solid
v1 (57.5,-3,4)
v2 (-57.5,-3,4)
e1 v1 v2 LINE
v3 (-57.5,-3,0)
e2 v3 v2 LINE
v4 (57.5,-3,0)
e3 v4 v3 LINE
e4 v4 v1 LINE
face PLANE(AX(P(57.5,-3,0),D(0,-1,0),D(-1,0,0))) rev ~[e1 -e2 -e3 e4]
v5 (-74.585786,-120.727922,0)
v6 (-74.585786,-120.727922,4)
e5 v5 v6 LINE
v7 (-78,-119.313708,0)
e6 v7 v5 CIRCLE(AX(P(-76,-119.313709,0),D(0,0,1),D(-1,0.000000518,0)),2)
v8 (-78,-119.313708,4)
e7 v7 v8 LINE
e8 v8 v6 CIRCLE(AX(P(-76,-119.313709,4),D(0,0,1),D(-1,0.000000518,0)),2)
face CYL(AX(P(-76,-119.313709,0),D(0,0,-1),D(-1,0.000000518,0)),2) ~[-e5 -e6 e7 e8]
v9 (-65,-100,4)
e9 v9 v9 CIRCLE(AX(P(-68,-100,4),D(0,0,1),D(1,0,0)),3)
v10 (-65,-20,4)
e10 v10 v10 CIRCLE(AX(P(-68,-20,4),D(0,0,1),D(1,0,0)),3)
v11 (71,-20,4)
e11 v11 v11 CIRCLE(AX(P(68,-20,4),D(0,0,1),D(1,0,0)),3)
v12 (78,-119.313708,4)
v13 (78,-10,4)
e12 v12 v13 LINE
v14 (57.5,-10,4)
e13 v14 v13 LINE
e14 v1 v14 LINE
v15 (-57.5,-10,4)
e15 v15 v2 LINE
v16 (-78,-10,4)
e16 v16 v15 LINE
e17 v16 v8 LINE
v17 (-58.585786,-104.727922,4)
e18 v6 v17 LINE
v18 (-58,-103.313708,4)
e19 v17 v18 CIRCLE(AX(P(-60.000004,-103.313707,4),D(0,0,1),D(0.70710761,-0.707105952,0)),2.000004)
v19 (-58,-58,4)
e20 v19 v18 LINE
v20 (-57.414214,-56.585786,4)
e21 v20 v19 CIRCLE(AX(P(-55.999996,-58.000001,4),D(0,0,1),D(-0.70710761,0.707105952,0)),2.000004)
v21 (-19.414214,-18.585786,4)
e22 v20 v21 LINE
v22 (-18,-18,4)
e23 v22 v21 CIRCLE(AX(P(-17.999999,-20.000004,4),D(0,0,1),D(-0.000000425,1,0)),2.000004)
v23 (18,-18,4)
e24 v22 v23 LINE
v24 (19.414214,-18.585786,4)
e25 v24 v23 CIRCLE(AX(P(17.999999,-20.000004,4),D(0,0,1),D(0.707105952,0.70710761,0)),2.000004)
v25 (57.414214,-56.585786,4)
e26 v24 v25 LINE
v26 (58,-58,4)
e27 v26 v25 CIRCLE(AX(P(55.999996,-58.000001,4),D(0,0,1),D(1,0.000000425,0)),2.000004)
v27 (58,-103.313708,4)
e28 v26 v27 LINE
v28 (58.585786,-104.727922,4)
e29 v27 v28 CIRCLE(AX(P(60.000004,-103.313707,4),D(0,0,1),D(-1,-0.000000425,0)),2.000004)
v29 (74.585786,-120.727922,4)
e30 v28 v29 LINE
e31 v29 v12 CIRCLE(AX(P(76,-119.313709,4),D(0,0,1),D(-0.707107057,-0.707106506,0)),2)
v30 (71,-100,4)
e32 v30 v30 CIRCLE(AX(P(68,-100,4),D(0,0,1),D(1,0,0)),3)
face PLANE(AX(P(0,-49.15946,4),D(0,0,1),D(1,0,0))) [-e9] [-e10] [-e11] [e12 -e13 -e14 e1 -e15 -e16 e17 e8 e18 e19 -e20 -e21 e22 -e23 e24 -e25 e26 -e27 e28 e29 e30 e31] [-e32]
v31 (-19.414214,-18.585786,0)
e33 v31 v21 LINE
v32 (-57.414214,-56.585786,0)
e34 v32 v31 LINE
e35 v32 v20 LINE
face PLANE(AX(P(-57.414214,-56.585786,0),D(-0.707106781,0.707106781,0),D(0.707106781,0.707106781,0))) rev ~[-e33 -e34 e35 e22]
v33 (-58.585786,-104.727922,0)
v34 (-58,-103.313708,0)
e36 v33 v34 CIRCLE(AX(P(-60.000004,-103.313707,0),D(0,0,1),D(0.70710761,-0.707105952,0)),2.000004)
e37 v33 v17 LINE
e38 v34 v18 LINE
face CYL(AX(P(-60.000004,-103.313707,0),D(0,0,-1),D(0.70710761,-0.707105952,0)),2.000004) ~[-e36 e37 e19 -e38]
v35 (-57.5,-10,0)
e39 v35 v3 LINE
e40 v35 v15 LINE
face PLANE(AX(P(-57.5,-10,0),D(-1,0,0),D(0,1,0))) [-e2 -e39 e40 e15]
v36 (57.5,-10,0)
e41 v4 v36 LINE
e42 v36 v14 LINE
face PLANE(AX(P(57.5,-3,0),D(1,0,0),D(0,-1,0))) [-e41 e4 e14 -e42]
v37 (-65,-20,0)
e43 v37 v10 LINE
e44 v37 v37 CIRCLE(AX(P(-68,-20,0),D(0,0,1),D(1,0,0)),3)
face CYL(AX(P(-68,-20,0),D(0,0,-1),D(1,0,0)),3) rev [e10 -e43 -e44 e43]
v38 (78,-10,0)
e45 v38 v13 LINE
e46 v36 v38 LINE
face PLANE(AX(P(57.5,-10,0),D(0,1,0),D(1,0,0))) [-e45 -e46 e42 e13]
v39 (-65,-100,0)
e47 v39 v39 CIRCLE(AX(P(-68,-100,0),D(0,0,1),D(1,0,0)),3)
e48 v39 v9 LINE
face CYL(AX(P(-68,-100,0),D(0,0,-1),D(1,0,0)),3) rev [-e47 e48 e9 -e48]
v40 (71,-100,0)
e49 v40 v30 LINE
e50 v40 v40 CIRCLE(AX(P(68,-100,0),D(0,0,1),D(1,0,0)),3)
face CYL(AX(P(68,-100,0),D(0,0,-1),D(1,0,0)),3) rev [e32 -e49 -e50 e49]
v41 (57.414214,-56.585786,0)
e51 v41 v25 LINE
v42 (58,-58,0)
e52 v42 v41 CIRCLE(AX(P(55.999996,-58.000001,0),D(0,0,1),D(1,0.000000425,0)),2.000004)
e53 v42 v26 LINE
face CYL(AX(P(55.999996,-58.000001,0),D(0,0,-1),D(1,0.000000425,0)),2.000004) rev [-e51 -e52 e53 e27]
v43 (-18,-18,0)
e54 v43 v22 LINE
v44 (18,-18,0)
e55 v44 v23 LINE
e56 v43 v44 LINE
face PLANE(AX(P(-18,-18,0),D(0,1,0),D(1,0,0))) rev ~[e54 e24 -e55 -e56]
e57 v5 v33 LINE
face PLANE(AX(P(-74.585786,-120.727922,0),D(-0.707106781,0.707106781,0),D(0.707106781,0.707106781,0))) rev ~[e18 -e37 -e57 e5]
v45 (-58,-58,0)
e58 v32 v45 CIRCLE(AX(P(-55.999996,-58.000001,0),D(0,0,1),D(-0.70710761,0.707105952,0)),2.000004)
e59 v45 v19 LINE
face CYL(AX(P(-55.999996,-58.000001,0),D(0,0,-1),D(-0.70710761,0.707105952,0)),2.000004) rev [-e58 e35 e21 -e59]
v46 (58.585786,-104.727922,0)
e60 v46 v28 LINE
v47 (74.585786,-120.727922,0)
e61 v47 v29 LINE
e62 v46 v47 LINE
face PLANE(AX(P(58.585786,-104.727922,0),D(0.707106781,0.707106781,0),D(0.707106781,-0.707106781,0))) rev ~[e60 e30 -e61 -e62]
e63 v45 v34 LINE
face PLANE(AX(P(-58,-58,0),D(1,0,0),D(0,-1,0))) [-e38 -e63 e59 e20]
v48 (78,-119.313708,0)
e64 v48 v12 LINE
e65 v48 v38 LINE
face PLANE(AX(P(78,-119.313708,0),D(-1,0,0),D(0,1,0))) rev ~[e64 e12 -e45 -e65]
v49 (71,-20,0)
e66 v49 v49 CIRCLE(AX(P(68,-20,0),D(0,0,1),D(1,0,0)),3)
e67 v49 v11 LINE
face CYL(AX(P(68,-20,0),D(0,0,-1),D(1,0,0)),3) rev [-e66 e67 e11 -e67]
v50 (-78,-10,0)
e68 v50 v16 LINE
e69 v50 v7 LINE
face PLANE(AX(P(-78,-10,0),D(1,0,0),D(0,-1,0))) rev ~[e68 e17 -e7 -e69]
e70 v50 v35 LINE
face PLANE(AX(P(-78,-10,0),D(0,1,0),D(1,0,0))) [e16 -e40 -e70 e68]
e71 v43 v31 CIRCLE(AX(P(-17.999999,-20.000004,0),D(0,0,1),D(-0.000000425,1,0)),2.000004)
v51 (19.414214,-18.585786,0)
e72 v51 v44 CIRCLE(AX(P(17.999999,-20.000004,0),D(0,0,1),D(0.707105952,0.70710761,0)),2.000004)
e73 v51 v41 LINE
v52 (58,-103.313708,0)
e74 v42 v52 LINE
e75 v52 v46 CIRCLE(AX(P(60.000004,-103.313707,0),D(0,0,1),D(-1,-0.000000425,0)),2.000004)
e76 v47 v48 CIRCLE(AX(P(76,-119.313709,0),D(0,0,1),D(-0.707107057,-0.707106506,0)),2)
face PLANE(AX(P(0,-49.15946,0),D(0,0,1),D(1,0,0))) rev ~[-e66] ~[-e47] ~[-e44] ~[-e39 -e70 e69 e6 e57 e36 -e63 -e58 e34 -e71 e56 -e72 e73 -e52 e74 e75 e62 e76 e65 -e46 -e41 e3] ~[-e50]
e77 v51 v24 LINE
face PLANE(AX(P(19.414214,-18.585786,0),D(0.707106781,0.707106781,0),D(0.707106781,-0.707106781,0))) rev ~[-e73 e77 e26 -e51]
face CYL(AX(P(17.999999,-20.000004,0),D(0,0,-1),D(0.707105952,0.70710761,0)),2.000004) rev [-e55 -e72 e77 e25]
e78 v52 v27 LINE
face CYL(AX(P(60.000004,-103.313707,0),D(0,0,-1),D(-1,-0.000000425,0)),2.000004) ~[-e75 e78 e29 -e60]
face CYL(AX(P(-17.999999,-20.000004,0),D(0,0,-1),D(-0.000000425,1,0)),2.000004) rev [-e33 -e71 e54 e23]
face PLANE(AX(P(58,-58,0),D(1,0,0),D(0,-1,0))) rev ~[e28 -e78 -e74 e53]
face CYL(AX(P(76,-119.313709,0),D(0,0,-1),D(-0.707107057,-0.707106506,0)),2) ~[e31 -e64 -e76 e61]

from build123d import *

# Parameters (mm, degrees)
SKETCH_R  = 3
PAD_DEPTH = 4


with BuildPart() as part:
    # Sketch → Pad (new body)
    with BuildSketch(Plane.XY):
        with BuildLine():
            Line((-78, -10), (-78, -119.313708))
            ThreePointArc((-78, -119.313708), (-76.765367, -121.161468), (-74.585786, -120.727922))
            Line((-74.585786, -120.727922), (-58.585786, -104.727922))
            ThreePointArc((-58.585786, -104.727922), (-58.152241, -104.079075), (-58, -103.313708))
            Line((-58, -58), (-58, -103.313708))
            ThreePointArc((-57.414214, -56.585786), (-57.847759, -57.234633), (-58, -58))
            Line((-57.414214, -56.585786), (-19.414214, -18.585786))
            ThreePointArc((-18, -18), (-18.765367, -18.152241), (-19.414214, -18.585786))
            Line((-18, -18), (18, -18))
            ThreePointArc((19.414214, -18.585786), (18.765367, -18.152241), (18, -18))
            Line((19.414214, -18.585786), (57.414214, -56.585786))
            ThreePointArc((58, -58), (57.847759, -57.234633), (57.414214, -56.585786))
            Line((58, -58), (58, -103.313708))
            ThreePointArc((58, -103.313708), (58.152241, -104.079075), (58.585786, -104.727922))
            Line((58.585786, -104.727922), (74.585786, -120.727922))
            ThreePointArc((74.585786, -120.727922), (76.765367, -121.161468), (78, -119.313708))
            Line((78, -119.313708), (78, -10))
            Line((57.5, -10), (78, -10))
            Line((57.5, -3), (57.5, -10))
            Line((57.5, -3), (-57.5, -3))
            Line((-57.5, -10), (-57.5, -3))
            Line((-78, -10), (-57.5, -10))
        make_face()
        with Locations((-68, -100)):
            Circle(SKETCH_R, mode=Mode.SUBTRACT)
        with Locations((68, -100)):
            Circle(SKETCH_R, mode=Mode.SUBTRACT)
        with Locations((-68, -20)):
            Circle(SKETCH_R, mode=Mode.SUBTRACT)
        with Locations((68, -20)):
            Circle(SKETCH_R, mode=Mode.SUBTRACT)
    extrude(amount=PAD_DEPTH)


solid = part.part
